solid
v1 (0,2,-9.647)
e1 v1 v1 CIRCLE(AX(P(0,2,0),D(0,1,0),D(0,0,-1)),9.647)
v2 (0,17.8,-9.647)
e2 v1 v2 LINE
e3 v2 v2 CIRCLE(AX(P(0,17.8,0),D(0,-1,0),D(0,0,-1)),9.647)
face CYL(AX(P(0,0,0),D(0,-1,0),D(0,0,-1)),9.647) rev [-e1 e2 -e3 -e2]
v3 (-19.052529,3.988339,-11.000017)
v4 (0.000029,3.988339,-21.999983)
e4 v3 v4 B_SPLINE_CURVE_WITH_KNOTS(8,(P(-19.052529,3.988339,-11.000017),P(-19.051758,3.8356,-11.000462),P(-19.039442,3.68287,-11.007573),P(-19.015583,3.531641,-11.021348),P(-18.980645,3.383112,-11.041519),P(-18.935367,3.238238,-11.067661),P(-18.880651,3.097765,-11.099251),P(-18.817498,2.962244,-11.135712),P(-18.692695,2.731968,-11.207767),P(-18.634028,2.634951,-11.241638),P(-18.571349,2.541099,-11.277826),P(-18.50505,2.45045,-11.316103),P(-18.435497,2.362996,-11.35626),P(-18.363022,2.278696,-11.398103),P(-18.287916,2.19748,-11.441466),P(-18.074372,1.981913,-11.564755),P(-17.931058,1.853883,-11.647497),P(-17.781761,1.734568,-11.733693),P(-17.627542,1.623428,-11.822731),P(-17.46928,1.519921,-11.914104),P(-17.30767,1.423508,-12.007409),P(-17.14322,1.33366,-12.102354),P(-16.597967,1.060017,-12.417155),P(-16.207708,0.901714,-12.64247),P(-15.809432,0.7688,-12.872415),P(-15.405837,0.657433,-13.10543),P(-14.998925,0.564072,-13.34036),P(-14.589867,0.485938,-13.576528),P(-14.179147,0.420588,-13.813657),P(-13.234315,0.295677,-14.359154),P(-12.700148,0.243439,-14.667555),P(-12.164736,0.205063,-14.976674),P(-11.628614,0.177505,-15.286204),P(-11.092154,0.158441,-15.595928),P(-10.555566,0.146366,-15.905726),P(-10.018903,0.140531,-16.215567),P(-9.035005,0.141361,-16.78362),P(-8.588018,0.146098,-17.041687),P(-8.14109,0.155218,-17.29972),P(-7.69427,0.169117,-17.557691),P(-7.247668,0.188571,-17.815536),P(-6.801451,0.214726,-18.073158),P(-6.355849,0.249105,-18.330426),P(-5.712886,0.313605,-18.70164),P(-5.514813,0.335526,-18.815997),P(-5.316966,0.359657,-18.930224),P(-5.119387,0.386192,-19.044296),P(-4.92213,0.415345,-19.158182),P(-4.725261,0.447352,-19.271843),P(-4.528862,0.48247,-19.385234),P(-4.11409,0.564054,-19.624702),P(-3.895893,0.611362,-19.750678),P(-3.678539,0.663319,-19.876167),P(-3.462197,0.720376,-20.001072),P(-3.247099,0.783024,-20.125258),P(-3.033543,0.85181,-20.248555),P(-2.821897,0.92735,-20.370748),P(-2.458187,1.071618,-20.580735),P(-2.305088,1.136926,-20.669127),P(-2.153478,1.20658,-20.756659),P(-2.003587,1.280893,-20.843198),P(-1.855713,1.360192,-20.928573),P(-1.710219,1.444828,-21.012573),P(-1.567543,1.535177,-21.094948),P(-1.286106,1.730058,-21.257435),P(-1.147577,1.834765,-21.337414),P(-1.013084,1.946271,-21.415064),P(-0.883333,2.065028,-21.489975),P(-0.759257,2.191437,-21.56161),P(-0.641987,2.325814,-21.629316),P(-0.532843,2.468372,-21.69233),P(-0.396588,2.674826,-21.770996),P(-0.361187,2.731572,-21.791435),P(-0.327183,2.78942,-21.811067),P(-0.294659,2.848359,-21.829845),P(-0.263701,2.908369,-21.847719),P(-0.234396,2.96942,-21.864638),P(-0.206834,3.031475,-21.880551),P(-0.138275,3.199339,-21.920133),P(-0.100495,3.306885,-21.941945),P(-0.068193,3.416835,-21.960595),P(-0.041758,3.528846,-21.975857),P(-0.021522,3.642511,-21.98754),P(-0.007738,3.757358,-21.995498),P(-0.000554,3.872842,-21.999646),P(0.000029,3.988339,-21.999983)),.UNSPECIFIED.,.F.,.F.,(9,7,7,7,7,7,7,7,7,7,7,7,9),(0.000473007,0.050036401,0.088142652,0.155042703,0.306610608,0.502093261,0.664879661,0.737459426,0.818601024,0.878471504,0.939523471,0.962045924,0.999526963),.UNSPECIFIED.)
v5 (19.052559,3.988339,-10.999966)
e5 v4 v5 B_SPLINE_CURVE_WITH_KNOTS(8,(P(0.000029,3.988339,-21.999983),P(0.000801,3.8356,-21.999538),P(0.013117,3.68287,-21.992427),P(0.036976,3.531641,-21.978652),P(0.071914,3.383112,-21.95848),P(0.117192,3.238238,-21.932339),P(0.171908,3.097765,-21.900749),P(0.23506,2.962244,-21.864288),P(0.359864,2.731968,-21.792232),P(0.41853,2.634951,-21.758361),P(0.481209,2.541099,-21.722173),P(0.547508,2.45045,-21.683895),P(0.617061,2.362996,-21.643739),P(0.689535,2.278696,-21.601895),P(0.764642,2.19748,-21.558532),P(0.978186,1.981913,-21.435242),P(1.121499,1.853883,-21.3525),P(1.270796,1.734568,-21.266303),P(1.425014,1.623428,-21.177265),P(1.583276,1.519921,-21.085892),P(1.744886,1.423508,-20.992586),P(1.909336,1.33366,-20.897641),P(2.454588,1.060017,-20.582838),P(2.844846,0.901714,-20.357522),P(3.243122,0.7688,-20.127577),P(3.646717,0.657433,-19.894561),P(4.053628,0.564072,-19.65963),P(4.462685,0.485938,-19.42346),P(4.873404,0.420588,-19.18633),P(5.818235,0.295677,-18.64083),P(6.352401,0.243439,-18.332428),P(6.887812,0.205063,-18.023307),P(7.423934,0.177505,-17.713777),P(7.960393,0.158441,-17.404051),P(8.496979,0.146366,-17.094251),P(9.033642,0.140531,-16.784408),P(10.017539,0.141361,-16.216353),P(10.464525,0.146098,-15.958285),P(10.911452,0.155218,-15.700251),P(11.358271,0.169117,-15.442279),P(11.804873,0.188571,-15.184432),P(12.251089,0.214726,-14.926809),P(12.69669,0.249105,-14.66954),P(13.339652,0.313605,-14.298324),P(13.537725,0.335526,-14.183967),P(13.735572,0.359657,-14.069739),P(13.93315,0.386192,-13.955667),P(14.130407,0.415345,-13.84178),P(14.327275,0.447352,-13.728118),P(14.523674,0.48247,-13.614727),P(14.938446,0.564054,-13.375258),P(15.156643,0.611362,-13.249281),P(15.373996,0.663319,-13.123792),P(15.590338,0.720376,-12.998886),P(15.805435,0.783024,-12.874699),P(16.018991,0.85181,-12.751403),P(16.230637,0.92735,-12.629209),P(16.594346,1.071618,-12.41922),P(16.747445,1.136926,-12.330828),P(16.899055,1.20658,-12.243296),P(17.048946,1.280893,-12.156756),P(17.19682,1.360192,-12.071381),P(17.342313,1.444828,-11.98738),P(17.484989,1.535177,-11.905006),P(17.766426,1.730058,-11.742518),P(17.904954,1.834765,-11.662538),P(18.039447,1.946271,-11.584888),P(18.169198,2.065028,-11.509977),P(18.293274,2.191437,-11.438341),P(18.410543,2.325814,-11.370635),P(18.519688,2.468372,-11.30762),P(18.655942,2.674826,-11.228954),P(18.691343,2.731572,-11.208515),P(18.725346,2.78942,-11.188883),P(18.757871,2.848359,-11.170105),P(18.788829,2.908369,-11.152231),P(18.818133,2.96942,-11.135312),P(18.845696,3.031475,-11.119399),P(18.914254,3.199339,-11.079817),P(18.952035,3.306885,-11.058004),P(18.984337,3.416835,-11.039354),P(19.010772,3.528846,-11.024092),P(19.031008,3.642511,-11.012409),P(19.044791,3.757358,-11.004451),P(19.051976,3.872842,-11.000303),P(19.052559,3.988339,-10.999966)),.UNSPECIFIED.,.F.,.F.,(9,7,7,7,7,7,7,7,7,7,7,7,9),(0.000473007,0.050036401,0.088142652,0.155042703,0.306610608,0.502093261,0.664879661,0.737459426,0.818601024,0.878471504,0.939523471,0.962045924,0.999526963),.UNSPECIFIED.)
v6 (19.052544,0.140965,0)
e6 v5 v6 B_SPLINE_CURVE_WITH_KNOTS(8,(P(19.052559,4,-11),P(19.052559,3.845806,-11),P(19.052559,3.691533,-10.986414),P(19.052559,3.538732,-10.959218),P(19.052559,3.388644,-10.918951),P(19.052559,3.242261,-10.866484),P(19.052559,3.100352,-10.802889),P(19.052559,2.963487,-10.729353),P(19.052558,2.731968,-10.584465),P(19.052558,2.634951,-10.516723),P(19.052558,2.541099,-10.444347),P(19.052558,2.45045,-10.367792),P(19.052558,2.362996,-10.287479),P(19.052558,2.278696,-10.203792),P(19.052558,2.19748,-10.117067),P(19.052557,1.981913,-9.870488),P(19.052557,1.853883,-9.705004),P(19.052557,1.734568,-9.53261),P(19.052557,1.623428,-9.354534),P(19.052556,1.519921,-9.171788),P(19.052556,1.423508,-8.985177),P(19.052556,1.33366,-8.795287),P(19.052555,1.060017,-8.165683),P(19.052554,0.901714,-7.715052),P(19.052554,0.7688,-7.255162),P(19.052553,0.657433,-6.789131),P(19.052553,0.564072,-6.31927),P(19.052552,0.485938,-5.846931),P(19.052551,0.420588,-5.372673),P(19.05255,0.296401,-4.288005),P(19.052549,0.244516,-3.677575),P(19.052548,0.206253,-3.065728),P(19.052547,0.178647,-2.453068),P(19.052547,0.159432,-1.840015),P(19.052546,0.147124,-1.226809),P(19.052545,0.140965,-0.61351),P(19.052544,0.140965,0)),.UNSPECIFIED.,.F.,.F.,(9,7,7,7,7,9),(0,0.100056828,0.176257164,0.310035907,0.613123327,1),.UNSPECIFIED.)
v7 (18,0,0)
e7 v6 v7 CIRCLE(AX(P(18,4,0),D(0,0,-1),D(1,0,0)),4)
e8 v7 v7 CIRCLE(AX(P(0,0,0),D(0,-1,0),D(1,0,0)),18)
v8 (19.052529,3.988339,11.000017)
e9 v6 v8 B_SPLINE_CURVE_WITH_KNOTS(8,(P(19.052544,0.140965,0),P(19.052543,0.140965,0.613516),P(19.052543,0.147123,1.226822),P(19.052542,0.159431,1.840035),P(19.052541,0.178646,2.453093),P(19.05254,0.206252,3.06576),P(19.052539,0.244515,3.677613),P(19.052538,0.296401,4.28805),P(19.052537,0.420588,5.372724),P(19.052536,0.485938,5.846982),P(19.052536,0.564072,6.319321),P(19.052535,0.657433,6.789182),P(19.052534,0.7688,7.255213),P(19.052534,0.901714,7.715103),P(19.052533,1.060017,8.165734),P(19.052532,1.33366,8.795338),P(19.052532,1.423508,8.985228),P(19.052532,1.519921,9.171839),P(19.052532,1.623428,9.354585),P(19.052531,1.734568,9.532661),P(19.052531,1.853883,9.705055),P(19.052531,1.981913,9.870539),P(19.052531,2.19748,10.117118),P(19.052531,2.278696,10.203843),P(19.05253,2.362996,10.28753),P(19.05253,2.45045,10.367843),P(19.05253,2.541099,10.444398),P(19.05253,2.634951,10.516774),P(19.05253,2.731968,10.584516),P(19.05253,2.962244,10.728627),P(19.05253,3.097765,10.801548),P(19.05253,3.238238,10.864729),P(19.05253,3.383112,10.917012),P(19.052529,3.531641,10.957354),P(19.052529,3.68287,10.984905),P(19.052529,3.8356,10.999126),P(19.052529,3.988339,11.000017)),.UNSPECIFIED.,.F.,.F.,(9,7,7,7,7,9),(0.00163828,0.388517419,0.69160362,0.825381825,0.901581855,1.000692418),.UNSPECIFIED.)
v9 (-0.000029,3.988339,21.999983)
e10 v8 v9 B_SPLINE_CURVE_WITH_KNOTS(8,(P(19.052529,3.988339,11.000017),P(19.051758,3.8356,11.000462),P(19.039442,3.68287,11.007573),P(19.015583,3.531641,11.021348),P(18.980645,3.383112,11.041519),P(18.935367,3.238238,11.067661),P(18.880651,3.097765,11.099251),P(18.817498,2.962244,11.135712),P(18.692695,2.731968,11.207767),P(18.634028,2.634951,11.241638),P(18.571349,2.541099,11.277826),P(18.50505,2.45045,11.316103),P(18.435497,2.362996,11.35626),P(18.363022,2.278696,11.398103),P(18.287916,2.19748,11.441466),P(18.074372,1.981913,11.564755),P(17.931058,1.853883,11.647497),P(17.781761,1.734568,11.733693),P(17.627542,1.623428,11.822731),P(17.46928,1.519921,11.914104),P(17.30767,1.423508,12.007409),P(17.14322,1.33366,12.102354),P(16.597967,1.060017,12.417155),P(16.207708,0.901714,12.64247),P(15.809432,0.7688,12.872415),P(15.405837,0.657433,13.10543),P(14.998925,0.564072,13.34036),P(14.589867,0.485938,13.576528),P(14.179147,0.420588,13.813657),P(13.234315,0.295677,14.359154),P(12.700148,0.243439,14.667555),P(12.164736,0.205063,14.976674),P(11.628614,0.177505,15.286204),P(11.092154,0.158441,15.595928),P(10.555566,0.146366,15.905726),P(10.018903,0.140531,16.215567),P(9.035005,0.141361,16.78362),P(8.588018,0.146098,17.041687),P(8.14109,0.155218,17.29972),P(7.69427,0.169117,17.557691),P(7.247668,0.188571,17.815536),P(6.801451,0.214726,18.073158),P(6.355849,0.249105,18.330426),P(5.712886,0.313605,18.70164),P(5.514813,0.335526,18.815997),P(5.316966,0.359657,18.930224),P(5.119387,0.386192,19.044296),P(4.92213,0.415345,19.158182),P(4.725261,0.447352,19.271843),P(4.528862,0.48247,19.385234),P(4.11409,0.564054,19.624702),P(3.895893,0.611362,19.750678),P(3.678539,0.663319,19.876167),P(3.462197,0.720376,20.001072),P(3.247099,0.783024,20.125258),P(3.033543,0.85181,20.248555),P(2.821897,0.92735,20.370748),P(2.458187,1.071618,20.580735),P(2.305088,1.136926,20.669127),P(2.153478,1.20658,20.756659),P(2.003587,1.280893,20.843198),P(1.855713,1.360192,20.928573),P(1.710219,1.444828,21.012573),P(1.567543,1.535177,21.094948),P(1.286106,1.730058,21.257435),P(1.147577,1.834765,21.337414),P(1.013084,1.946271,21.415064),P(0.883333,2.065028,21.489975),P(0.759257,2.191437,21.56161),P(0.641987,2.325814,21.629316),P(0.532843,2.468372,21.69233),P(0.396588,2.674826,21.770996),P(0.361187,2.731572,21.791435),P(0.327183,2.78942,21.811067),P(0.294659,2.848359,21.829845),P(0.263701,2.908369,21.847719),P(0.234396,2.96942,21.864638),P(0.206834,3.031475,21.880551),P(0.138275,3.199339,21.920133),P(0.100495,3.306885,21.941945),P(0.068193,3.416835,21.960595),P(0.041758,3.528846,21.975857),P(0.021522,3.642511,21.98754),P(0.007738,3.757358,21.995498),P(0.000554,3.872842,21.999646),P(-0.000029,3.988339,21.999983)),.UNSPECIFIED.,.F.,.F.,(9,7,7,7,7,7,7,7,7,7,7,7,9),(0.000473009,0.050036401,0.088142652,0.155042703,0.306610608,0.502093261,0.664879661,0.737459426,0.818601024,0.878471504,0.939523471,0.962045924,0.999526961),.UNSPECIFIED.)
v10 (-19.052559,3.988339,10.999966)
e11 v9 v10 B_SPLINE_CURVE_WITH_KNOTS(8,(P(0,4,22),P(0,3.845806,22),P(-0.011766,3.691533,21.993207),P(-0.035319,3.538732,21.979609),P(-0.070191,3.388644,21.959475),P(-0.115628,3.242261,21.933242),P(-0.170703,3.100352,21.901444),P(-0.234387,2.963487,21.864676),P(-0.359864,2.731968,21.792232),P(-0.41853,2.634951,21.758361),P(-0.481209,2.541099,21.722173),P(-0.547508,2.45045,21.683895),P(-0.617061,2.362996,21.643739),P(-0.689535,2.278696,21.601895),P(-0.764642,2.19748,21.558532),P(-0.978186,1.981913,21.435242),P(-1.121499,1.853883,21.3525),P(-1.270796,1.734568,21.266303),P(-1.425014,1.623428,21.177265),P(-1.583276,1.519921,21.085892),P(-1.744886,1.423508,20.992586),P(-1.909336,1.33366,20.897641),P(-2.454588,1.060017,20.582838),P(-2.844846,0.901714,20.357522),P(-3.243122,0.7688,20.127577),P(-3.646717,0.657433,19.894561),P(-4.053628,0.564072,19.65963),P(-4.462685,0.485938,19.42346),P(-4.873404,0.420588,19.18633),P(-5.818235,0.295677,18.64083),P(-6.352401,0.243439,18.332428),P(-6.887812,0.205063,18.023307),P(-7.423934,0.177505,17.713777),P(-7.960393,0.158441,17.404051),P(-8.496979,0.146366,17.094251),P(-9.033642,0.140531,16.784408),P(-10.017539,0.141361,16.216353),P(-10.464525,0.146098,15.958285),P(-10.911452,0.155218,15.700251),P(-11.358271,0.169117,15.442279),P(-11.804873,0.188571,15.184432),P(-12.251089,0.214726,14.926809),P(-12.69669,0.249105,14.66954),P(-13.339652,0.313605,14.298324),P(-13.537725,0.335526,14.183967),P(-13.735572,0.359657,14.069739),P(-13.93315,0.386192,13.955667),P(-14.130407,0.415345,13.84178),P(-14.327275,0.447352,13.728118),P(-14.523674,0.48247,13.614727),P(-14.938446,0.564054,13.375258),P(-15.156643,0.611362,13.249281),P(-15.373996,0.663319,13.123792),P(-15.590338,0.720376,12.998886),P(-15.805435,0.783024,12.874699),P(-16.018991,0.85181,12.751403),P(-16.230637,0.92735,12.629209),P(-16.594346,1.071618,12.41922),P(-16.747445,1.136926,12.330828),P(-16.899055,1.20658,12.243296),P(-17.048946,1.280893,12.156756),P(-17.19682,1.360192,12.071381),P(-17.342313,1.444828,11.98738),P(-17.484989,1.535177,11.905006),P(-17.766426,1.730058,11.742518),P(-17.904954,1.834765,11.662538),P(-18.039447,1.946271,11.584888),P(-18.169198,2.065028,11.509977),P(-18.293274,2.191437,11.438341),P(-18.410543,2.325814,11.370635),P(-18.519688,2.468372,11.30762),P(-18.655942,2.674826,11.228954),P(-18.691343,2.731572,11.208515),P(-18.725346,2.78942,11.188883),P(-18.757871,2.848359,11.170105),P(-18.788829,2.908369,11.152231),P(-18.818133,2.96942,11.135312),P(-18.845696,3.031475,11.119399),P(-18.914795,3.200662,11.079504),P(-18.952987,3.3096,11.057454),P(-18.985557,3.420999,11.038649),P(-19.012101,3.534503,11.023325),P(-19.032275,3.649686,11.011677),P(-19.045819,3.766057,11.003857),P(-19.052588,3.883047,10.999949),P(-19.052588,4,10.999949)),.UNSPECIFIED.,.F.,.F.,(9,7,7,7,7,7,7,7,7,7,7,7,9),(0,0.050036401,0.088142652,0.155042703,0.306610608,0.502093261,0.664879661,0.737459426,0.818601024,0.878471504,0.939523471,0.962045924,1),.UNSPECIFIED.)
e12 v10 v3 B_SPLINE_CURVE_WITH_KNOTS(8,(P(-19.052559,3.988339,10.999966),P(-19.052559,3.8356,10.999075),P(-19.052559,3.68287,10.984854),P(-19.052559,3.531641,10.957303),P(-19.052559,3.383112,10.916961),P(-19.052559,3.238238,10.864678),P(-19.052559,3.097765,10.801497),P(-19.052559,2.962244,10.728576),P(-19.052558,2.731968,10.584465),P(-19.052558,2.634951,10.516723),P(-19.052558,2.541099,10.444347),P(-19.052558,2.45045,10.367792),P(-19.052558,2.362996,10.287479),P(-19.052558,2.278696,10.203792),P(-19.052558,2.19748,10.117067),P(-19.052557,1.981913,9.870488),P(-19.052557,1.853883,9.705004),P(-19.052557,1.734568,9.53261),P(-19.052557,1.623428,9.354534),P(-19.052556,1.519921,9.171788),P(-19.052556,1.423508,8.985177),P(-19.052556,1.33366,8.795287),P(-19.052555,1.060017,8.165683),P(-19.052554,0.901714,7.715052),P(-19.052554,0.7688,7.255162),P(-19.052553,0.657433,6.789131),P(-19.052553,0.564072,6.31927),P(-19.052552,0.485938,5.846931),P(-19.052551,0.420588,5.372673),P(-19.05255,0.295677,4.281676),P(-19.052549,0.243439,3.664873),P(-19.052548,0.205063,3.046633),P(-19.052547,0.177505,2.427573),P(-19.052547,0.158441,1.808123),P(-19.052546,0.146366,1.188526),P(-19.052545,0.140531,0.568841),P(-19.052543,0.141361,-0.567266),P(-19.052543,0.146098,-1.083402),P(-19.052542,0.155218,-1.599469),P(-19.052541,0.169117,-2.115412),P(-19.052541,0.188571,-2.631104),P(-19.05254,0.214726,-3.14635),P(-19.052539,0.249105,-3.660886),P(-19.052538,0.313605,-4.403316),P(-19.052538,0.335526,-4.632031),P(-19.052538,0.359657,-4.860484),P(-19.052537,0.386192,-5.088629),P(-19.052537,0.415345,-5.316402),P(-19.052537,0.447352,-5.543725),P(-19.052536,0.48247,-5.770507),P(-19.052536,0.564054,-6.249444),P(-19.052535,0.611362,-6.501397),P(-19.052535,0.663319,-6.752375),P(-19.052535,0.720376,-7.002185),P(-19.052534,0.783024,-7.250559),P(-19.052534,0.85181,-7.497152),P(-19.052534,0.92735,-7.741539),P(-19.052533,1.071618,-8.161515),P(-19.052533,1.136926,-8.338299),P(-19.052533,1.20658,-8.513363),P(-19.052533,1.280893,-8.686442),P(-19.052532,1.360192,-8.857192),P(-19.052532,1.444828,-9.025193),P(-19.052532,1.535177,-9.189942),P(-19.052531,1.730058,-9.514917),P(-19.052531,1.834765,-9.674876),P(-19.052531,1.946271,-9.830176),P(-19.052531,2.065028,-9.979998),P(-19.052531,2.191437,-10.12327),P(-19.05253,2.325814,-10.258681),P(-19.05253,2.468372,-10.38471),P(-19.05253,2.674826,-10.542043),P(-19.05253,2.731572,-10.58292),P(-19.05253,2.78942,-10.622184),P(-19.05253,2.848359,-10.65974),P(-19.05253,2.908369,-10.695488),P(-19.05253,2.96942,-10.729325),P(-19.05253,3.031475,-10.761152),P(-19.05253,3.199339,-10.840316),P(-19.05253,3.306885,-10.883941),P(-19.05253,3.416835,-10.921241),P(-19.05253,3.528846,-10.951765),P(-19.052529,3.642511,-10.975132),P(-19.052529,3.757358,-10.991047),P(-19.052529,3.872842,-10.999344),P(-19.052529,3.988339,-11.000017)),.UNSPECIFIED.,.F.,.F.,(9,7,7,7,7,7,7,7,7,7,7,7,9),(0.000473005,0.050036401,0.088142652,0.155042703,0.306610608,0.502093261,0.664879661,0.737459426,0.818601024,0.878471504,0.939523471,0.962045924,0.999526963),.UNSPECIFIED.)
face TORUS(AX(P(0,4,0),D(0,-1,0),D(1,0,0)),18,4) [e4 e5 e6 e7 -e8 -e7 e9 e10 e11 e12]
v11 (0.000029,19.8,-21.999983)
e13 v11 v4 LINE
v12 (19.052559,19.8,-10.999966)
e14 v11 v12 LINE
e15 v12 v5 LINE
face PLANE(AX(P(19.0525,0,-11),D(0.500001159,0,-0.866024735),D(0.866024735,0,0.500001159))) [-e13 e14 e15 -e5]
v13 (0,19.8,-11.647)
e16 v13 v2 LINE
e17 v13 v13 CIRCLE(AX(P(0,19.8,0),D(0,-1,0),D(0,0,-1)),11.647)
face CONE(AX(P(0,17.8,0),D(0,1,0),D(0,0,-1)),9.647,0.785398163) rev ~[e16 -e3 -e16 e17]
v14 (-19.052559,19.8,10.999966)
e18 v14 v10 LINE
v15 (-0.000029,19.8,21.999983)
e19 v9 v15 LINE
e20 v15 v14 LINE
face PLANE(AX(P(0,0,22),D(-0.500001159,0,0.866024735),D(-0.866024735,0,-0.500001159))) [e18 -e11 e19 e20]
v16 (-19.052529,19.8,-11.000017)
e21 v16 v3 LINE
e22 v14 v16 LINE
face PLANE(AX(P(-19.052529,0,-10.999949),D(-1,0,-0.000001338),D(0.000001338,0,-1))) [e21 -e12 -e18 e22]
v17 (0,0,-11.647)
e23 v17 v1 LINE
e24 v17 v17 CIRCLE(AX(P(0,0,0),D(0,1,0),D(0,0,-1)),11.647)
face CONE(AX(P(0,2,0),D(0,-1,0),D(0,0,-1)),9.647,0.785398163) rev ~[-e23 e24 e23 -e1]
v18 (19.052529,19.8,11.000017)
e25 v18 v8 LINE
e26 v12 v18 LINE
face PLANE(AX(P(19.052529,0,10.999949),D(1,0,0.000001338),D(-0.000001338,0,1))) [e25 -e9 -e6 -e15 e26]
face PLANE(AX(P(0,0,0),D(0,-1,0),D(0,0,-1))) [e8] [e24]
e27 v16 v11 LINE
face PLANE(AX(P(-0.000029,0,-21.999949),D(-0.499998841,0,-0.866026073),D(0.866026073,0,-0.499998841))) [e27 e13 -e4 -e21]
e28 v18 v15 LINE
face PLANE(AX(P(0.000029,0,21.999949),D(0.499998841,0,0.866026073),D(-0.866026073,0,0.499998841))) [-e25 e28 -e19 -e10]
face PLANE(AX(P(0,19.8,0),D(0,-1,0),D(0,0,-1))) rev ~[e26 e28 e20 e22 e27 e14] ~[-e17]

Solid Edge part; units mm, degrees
sketch "Sketch1" plane through (0, 0, 0) normal (0, -1, 0) x (1, 0, 0)
  circle A0 centre (0, 0) radius 22
extrude "Protrusion1" add sketch "Sketch1" against normal blind 19.8
fillet "Round_1" radius 4 1 edges at (-22, 0, 0)
sketch "Sketch2" plane through (0, 0, 0) normal (0, -1, 0) x (1, 0, 0)
  line L0 (0, 22) -> (-19.0525, 11)
extrude "ExtrudedCutout_1" cut sketch "Sketch2" against normal blind 127.8388 material side at (-9.5513, 0, 16.5433)
pattern_circular "Pattern1" count 6 over 360 about axis through (0, 0, 0) along (0, -1, 0) of "ExtrudedCutout_1"
hole "Hole_1" at (0, 0, 0) direction (0, 1, 0) diameter 19.294 end up to next
chamfer "Chamfer_1" distance 2 angle 45 2 edges at (-9.647, 0, 0) (0, 19.8, -9.647)
